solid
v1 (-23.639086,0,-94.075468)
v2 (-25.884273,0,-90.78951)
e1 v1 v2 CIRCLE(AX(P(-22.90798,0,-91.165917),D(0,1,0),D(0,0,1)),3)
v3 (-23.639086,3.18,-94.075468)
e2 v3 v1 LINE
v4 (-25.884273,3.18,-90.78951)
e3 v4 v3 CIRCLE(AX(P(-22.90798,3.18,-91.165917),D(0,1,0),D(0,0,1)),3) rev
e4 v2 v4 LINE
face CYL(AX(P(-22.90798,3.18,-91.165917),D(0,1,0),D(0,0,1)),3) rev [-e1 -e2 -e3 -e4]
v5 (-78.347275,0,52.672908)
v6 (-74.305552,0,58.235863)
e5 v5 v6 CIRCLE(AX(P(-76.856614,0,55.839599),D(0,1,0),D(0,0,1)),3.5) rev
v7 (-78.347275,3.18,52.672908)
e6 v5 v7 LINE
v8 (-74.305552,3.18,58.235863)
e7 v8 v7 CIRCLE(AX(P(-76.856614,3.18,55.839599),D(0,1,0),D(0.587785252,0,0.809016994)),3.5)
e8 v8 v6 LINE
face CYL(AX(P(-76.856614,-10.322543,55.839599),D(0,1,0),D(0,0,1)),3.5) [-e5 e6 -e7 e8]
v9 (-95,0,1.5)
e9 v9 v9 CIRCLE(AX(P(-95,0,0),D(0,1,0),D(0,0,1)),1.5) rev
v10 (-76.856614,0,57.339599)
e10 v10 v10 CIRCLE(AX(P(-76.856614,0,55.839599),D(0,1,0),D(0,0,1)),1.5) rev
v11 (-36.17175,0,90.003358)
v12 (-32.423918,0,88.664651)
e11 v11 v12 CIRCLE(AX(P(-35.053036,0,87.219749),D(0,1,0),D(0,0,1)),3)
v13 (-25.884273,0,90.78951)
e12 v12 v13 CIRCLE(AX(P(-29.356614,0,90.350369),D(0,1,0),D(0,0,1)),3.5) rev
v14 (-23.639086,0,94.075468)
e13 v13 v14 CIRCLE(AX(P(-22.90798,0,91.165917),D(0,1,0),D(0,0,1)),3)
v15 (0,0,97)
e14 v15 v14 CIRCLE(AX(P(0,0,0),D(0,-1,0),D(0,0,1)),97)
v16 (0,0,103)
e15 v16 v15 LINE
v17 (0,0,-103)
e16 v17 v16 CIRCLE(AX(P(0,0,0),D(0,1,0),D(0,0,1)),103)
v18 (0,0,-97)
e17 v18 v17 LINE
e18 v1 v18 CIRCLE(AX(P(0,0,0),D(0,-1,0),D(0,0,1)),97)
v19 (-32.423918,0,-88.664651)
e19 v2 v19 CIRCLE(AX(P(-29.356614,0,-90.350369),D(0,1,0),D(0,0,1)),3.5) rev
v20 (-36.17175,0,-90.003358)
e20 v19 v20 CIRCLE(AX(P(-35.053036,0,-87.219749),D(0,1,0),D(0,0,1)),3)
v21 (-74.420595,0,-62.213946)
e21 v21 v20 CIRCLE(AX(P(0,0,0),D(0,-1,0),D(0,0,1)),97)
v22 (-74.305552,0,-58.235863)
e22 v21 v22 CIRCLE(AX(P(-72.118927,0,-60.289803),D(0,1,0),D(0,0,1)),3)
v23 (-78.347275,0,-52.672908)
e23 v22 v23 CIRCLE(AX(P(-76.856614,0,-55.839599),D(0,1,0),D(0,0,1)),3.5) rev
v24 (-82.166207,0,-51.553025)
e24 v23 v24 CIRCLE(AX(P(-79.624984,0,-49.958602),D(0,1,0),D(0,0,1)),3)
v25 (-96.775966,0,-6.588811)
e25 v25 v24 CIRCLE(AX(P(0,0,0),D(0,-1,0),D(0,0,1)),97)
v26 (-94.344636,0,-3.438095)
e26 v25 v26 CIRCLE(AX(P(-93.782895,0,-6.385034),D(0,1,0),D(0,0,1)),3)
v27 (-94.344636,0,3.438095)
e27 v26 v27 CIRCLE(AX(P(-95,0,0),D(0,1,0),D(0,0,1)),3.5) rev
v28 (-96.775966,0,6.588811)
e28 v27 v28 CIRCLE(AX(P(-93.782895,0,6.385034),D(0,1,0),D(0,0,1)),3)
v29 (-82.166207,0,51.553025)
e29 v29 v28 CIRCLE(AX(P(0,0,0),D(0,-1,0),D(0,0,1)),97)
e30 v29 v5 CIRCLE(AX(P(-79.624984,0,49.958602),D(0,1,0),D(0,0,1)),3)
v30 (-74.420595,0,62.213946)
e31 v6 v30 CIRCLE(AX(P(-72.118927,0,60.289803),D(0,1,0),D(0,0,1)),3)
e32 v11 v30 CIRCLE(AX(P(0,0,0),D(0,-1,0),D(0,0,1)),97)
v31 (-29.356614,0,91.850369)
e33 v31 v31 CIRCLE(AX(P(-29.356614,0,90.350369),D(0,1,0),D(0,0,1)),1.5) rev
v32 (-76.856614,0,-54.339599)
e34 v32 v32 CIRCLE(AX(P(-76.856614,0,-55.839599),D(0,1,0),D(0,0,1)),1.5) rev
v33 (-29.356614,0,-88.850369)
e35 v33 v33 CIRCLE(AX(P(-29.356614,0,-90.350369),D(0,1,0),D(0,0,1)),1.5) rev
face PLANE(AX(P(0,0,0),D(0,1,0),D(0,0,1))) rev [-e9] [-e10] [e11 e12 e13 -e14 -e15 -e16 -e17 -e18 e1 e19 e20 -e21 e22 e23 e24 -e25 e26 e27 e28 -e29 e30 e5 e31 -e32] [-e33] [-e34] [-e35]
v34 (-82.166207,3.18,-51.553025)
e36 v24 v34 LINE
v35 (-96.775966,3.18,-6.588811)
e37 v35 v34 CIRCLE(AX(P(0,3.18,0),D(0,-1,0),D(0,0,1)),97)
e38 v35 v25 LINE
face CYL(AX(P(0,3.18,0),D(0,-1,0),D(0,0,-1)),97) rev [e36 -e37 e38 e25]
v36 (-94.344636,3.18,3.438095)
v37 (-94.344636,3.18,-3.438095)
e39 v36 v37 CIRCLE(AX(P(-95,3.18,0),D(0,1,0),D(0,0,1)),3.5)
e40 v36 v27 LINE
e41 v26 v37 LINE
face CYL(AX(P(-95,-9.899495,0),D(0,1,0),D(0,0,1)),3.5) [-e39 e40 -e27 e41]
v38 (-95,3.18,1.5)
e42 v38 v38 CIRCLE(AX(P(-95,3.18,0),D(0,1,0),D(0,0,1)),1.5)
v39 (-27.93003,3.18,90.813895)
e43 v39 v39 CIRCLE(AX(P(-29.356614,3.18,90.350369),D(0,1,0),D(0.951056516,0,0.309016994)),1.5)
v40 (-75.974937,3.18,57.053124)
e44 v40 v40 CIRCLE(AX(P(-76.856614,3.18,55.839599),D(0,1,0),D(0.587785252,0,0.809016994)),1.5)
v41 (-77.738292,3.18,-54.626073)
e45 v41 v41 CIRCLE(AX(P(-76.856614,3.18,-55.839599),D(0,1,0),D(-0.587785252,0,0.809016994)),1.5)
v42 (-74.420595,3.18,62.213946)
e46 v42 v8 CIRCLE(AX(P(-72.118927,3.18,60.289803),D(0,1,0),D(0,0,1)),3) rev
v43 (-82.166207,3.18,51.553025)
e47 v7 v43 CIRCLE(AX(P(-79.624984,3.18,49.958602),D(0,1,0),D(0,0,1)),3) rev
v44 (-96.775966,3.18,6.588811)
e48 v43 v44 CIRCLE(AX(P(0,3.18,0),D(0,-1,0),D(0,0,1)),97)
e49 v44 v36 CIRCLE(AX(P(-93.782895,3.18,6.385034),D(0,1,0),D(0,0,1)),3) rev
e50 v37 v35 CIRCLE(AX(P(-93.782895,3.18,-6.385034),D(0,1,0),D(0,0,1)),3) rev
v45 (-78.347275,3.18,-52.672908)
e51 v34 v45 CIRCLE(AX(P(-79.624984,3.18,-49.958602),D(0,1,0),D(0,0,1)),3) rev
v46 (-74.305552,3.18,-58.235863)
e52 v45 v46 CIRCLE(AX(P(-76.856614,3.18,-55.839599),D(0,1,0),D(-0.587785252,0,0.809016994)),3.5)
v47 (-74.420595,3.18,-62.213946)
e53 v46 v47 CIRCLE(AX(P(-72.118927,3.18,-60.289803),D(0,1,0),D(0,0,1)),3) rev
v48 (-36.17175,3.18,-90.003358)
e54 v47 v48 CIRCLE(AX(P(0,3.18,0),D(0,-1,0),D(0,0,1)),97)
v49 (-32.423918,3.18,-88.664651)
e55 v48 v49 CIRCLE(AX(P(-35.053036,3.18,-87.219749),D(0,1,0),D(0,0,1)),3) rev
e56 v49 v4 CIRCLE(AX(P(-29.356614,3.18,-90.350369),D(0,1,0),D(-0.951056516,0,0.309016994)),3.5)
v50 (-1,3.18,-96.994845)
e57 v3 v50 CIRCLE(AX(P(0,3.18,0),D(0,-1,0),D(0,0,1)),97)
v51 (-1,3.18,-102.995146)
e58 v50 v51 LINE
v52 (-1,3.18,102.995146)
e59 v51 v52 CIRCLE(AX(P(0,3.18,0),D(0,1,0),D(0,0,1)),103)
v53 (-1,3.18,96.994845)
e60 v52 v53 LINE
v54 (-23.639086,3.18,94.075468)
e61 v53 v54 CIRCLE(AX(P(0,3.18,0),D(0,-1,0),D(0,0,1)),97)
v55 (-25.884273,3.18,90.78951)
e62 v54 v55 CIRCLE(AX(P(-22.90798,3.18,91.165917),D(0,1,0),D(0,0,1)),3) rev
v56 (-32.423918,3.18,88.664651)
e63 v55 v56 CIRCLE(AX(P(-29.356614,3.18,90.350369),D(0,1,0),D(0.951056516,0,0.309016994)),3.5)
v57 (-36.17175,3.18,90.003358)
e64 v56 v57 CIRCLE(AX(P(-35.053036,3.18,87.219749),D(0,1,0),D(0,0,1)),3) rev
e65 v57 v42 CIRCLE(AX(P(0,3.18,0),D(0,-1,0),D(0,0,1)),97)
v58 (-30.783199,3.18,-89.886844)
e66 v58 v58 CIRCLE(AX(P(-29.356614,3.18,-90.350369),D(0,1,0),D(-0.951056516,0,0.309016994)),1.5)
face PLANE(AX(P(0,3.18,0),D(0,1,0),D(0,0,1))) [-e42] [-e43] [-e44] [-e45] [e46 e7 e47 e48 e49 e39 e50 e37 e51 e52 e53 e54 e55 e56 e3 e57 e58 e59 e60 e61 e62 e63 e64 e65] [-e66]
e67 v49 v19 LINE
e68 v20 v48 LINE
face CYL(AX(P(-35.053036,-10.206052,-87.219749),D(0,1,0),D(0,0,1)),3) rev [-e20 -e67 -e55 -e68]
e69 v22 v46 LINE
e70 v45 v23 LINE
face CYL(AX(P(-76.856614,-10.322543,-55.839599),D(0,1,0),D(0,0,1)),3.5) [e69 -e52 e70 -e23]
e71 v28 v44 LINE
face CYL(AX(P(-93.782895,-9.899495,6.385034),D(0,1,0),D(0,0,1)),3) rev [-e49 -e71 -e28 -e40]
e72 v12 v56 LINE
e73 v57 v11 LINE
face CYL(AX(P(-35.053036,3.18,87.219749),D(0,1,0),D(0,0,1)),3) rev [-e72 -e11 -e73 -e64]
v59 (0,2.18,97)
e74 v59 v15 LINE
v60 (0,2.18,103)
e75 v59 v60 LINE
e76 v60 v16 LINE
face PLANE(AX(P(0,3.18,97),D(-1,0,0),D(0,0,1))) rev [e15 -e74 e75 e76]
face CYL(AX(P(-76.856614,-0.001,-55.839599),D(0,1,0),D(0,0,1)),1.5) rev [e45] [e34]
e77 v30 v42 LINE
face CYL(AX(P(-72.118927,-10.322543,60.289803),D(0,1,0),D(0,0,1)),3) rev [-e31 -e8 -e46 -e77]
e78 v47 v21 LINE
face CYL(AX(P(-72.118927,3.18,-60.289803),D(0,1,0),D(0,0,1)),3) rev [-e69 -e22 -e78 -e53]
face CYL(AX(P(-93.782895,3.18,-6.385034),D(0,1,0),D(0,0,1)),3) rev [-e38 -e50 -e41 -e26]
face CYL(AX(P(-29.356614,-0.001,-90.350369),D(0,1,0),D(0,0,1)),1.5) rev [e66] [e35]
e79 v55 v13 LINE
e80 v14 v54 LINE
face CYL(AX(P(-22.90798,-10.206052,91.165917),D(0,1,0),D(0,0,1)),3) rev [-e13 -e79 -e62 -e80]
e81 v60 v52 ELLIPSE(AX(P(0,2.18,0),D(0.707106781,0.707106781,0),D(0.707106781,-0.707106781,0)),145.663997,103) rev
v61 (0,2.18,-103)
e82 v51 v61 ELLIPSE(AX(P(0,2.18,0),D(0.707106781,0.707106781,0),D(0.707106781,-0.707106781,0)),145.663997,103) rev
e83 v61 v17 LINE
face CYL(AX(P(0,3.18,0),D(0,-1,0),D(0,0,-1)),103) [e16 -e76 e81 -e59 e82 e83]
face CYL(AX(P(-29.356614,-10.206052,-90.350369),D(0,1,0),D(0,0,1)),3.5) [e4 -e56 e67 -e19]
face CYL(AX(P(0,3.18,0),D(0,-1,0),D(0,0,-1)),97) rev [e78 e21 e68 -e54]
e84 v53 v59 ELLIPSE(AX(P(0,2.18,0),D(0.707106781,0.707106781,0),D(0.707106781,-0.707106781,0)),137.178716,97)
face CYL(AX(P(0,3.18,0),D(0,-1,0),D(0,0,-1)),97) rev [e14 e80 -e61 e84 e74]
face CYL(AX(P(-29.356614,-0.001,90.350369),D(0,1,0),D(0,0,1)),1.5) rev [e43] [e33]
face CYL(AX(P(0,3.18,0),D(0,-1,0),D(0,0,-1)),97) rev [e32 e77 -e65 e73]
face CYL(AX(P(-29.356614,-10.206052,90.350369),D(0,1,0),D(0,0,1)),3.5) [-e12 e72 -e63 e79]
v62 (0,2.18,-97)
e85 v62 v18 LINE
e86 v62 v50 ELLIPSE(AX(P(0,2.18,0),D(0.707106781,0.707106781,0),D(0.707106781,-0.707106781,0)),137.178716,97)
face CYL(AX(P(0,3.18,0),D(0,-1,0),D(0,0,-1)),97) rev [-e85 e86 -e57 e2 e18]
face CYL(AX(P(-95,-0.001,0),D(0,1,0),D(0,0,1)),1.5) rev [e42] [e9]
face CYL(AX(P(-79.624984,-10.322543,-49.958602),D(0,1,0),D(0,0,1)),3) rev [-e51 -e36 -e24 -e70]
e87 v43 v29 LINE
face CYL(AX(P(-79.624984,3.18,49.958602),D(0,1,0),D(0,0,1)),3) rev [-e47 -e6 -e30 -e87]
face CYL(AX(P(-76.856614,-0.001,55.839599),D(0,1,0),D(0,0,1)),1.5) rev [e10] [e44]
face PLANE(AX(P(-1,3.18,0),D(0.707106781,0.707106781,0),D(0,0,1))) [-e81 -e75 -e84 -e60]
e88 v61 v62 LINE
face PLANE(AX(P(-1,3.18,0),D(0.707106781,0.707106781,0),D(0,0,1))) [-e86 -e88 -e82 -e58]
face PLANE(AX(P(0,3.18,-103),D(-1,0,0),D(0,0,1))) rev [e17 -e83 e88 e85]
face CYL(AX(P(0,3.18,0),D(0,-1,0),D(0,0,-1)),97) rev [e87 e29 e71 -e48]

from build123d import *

# Parameters (mm, degrees)
BOSS_EXTRUDE1_DEPTH                    = 3.18
BOSS_EXTRUDE2_DEPTH                    = 3.18
FILLET1_R                              = 3
SKETCH3_R                              = 1.5
CUT_EXTRUDE1_DEPTH                     = 3.18
CIRPATTERN1_COUNT                      = 3
CIRPATTERN1_ANGLE                      = 72
FILLET1_OF_CIRPATTERN1_R               = 3
CIRPATTERN1_THE_OTHER_WAY_COUNT        = 3
CIRPATTERN1_THE_OTHER_WAY_ANGLE        = 72
FILLET1_OF_CIRPATTERN1_THE_OTHER_WAY_R = 3
CHAMFER1_SIZE                          = 1


with BuildPart() as part:
    # Sketch1 → Boss-Extrude1 (new body)
    with BuildSketch(Plane(origin=(0, 0, 0), x_dir=(1, 0, 0), z_dir=(0, 1, 0))):
        with BuildLine():
            Line((0, 103), (0, 97))
            ThreePointArc((0, 97), (-97, 0), (0, -97))
            Line((0, -97), (0, -103))
            ThreePointArc((0, -103), (-103, 0), (0, 103))
        make_face()
    extrude(amount=BOSS_EXTRUDE1_DEPTH)

    # Sketch2 → Boss-Extrude2 (add)
    with BuildSketch(Plane(origin=(0, 3.18, 0), x_dir=(1, 0, 0), z_dir=(0, 1, 0))):
        with BuildLine():
            ThreePointArc((-97.965532202, 1.858929465), (-97.515712838, 2.43334932), (-96.956578947, 2.902033567))
            ThreePointArc((-96.956578947, 2.902033567), (-96.947168056, 3.201032006), (-96.936835104, 3.5))
            Line((-96.936835104, 3.5), (-97.965532202, 1.858929465))
        make_face()
        with BuildLine():
            ThreePointArc((-96.956578947, 2.902033567), (-96.022957115, 3.347171753), (-95, 3.5))
            Line((-95, 3.5), (-96.936835104, 3.5))
            ThreePointArc((-96.936835104, 3.5), (-96.947168056, 3.201032006), (-96.956578947, 2.902033567))
        make_face()
        with BuildLine():
            Line((-97.965532202, -1.858929465), (-96.936835104, -3.5))
            ThreePointArc((-96.936835104, -3.5), (-96.947168056, -3.201032006), (-96.956578947, -2.902033567))
            ThreePointArc((-96.956578947, -2.902033567), (-97.515712838, -2.43334932), (-97.965532202, -1.858929465))
        make_face()
        with BuildLine():
            Line((-96.936835104, -3.5), (-95, -3.5))
            ThreePointArc((-95, -3.5), (-96.022957115, -3.347171753), (-96.956578947, -2.902033567))
            ThreePointArc((-96.956578947, -2.902033567), (-96.947168056, -3.201032006), (-96.936835104, -3.5))
        make_face()
        with BuildLine():
            ThreePointArc((-96.956578947, -2.902033567), (-96.022957115, -3.347171753), (-95, -3.5))
            ThreePointArc((-95, -3.5), (-92.525126266, -2.474873734), (-91.5, 0))
            ThreePointArc((-91.5, 0), (-92.525126266, 2.474873734), (-95, 3.5))
            ThreePointArc((-95, 3.5), (-96.022957115, 3.347171753), (-96.956578947, 2.902033567))
            ThreePointArc((-96.956578947, 2.902033567), (-97, 0), (-96.956578947, -2.902033567))
        make_face()
        with BuildLine():
            ThreePointArc((-97.965532202, -1.858929465), (-97.515712838, -2.43334932), (-96.956578947, -2.902033567))
            ThreePointArc((-96.956578947, -2.902033567), (-97, 0), (-96.956578947, 2.902033567))
            ThreePointArc((-96.956578947, 2.902033567), (-97.515712838, 2.43334932), (-97.965532202, 1.858929465))
            ThreePointArc((-97.965532202, 1.858929465), (-98.5, 0), (-97.965532202, -1.858929465))
        make_face()
    boss_extrude2 = extrude(amount=-BOSS_EXTRUDE2_DEPTH)

    # Fillet1
    fillet1_edges = [part.edges().sort_by_distance(p)[0] for p in [
        (-96.936835104, 1.59, -3.5),
        (-96.936835104, 1.59, 3.5),
    ]]
    fillet(fillet1_edges, radius=FILLET1_R)

    # Sketch3 → Cut-Extrude1 (cut)
    with BuildSketch(Plane(origin=(0, 3.18, 0), x_dir=(1, 0, 0), z_dir=(0, 1, 0))):
        with Locations((-95, 0)):
            Circle(SKETCH3_R)
    cut_extrude1 = extrude(amount=-CUT_EXTRUDE1_DEPTH, mode=Mode.SUBTRACT)

    # CirPattern1: Boss-Extrude2, Cut-Extrude1 ×3 about axis
    cirpattern1_axis = Axis((0, 0, 0), (0, -1, 0))
    for i in range(1, CIRPATTERN1_COUNT):
        add(boss_extrude2.rotate(cirpattern1_axis, i * CIRPATTERN1_ANGLE / (CIRPATTERN1_COUNT - 1)))
        add(cut_extrude1.rotate(cirpattern1_axis, i * CIRPATTERN1_ANGLE / (CIRPATTERN1_COUNT - 1)), mode=Mode.SUBTRACT)

    # Fillet1 of CirPattern1
    fillet1_of_cirpattern1_edges = [part.edges().sort_by_distance(p)[0] for p in [
        (-76.366298597, 1.59, -59.809601558),
        (-80.480795363, 1.59, -54.146482598),
        (-26.626431621, 1.59, -93.273968175),
        (-33.283827235, 1.59, -91.110849214),
    ]]
    fillet(fillet1_of_cirpattern1_edges, radius=FILLET1_OF_CIRPATTERN1_R)

    # CirPattern1 the other way: Boss-Extrude2, Cut-Extrude1 ×3 about axis
    cirpattern1_the_other_way_axis = Axis((0, 0, 0), (0, 1, 0))
    for i in range(1, CIRPATTERN1_THE_OTHER_WAY_COUNT):
        add(boss_extrude2.rotate(cirpattern1_the_other_way_axis, i * CIRPATTERN1_THE_OTHER_WAY_ANGLE / (CIRPATTERN1_THE_OTHER_WAY_COUNT - 1)))
        add(cut_extrude1.rotate(cirpattern1_the_other_way_axis, i * CIRPATTERN1_THE_OTHER_WAY_ANGLE / (CIRPATTERN1_THE_OTHER_WAY_COUNT - 1)), mode=Mode.SUBTRACT)

    # Fillet1 of CirPattern1 the other way
    fillet1_of_cirpattern1_the_other_way_edges = [part.edges().sort_by_distance(p)[0] for p in [
        (-80.480795363, 1.59, 54.146482598),
        (-76.366298597, 1.59, 59.809601558),
        (-33.283827235, 1.59, 91.110849214),
        (-26.626431621, 1.59, 93.273968175),
    ]]
    fillet(fillet1_of_cirpattern1_the_other_way_edges, radius=FILLET1_OF_CIRPATTERN1_THE_OTHER_WAY_R)

    # Chamfer1
    chamfer1_edges = [part.edges().sort_by_distance(p)[0] for p in [
        (0, 3.18, -100),
        (0, 3.18, 100),
    ]]
    chamfer(chamfer1_edges, length=CHAMFER1_SIZE)


solid = part.part
